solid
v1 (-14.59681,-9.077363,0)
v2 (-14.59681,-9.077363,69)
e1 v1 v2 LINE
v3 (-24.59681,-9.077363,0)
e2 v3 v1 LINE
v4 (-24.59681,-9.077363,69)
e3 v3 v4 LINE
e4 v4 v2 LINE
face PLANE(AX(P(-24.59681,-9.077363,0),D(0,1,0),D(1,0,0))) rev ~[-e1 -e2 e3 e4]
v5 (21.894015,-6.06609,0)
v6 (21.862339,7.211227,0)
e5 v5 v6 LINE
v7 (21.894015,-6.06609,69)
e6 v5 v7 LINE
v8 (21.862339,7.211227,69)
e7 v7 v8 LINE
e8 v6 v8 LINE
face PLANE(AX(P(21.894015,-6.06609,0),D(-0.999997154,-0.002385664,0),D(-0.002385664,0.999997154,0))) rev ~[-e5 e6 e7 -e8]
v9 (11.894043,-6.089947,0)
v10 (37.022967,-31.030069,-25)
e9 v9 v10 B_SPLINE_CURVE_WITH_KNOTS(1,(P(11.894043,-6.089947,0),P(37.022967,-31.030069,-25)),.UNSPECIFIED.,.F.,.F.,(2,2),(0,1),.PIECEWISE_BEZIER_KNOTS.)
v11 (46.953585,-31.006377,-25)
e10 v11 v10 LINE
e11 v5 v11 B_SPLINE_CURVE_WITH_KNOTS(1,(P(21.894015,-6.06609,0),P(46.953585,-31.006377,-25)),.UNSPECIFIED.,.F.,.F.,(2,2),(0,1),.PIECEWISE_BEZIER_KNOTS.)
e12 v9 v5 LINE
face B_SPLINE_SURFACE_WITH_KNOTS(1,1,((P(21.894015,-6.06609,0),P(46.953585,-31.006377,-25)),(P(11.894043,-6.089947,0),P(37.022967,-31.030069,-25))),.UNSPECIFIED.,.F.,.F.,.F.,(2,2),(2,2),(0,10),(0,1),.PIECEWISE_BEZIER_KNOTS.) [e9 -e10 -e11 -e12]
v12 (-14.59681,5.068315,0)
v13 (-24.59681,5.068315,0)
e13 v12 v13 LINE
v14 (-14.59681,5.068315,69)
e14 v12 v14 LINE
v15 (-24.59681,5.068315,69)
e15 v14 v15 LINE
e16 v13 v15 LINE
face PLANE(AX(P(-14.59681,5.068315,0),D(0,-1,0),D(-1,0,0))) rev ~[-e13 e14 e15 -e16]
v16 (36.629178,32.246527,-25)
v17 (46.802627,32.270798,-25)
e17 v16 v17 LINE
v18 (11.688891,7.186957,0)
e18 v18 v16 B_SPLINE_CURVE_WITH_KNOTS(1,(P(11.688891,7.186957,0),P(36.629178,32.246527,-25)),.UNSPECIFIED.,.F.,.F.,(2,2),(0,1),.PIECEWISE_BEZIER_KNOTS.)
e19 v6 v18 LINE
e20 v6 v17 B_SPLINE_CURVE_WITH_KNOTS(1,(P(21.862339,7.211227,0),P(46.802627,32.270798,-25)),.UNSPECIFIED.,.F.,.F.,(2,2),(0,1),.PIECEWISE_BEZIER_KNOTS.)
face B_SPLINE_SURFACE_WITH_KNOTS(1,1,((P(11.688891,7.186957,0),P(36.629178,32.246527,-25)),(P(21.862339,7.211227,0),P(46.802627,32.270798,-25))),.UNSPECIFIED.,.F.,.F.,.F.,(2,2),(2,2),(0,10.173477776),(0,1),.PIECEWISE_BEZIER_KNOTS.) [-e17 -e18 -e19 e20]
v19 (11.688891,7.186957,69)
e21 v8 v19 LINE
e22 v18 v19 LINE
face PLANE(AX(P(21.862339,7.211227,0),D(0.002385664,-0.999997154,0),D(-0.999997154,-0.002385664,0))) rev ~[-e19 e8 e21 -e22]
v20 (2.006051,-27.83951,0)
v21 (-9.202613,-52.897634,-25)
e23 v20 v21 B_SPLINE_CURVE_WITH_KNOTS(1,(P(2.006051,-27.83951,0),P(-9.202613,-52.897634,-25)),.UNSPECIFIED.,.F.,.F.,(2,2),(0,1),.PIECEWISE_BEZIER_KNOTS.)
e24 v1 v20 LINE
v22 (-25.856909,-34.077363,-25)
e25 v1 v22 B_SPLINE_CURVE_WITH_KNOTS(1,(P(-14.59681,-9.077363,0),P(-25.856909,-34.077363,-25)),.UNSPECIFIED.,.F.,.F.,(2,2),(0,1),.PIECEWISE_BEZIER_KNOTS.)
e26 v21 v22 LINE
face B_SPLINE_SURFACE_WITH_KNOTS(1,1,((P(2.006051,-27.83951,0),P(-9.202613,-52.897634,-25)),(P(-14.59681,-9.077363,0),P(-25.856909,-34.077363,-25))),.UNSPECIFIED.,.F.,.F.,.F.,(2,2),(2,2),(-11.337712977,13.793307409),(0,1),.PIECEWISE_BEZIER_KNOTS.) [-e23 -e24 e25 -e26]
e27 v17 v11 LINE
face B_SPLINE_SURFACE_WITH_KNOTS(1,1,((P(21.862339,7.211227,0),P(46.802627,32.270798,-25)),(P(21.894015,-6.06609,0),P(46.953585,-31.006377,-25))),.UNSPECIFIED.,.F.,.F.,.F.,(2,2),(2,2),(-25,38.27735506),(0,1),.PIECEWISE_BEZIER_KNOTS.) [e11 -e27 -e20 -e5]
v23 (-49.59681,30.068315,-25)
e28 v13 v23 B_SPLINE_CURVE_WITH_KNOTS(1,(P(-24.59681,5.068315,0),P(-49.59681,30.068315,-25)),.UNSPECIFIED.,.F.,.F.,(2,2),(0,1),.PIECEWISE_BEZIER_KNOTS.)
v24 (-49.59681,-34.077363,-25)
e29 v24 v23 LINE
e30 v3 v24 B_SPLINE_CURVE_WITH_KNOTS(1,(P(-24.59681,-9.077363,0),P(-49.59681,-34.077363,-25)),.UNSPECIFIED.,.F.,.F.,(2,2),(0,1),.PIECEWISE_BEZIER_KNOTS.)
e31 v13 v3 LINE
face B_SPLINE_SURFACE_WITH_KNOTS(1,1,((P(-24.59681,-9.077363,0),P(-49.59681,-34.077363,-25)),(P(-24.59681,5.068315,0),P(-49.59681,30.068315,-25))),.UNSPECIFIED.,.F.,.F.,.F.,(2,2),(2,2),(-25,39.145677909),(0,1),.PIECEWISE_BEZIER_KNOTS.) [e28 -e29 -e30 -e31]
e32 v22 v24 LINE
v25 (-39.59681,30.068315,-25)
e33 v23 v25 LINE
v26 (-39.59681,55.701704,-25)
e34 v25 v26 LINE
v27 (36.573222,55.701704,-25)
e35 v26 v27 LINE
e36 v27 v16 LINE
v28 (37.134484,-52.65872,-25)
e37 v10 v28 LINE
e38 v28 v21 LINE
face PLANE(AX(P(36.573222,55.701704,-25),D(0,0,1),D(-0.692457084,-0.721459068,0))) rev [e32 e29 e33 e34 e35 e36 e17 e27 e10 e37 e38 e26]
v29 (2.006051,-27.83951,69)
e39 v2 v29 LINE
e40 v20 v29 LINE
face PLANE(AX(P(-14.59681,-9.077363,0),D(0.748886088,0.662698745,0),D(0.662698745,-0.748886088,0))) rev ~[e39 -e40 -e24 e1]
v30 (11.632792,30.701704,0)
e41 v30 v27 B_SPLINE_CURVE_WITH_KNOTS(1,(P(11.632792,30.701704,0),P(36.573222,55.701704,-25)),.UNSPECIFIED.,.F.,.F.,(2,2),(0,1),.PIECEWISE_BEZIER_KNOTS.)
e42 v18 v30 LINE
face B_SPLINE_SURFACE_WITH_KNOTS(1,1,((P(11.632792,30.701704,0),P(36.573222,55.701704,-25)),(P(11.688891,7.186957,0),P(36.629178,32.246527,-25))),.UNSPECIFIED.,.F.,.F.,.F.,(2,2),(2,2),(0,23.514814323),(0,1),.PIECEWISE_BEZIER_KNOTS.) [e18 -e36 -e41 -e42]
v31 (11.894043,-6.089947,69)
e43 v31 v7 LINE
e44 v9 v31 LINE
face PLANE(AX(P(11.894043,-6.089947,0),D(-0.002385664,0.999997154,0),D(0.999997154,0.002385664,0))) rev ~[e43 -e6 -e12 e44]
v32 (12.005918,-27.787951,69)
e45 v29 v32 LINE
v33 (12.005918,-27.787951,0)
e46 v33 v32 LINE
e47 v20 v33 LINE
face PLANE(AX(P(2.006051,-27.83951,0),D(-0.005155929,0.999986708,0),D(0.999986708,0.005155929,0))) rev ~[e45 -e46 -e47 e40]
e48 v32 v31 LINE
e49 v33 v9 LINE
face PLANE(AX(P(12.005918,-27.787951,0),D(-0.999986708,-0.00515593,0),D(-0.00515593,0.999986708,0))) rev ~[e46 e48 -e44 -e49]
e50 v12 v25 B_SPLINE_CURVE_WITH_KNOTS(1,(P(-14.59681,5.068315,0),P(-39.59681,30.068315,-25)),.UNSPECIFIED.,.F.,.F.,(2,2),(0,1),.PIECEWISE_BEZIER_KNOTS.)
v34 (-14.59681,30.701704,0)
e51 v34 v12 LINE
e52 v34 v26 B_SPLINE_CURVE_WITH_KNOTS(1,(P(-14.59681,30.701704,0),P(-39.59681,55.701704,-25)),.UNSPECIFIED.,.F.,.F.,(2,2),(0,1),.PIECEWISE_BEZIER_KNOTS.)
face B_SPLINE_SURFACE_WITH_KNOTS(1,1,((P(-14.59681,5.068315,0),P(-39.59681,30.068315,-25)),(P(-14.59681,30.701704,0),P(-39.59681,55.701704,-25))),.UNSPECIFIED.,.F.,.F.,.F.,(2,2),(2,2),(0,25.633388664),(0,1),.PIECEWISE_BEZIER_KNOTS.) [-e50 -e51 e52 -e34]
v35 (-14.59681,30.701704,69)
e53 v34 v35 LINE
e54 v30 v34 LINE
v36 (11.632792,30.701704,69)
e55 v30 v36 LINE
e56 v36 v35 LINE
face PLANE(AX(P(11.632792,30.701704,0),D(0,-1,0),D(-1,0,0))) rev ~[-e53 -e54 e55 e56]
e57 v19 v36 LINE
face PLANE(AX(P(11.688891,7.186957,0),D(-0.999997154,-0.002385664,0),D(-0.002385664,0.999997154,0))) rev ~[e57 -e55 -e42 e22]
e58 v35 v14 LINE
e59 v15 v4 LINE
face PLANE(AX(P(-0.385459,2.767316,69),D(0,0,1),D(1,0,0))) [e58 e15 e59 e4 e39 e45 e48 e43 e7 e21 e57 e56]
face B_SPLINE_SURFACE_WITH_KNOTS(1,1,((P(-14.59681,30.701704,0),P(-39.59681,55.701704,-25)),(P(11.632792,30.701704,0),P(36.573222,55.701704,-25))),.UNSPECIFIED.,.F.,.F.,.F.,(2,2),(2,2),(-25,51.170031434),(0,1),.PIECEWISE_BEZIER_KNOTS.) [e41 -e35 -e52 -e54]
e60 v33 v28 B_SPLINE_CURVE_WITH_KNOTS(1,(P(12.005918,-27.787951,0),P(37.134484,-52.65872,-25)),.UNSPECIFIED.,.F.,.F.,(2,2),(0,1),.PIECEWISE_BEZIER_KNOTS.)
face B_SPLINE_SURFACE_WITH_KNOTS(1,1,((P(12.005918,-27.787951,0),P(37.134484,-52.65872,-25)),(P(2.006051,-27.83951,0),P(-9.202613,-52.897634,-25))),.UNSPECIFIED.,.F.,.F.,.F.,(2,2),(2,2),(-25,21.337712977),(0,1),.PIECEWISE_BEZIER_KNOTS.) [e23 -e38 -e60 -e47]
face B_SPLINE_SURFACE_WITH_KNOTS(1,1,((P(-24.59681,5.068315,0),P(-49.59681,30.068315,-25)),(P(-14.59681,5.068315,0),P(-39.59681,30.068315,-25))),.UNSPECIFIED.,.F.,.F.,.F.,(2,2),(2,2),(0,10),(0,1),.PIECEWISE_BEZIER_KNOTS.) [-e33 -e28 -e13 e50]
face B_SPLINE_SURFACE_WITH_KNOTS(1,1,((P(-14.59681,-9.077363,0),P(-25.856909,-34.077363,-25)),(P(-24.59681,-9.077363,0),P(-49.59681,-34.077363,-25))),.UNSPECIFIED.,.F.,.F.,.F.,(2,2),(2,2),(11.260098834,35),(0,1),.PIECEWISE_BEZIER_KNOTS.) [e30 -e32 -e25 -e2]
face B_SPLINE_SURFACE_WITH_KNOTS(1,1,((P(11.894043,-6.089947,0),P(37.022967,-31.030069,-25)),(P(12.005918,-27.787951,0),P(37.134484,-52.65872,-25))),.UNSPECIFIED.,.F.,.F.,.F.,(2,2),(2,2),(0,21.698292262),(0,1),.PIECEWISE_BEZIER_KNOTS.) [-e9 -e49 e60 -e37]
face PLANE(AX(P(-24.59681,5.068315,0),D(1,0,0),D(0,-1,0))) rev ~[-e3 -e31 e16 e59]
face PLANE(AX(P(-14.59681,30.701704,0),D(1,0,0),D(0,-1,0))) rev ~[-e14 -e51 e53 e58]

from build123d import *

# Parameters (mm, degrees)
F1_DEPTH = 25
F4_DEPTH = 69
F5_DEPTH = 25
F5_TAPER = -45


with BuildPart() as f1:
    # F0 (on Front) → F1 (new body)
    with BuildSketch(Plane.XZ):
        Polygon((-37.9215627909, 0), (-25.2369977534, 0), (-4.096057266, -27.3510906845), (10.9668616205, -27.3510906845), (10.9668616205, 0), (20.2160235494, 0), (20.2160235494, 10.7026007026), (11.2311234698, 10.7026007026), (11.495385319, 24.444213137), (-26.5543982792, 25.1759399431), (-26.5543982792, 12.0239099488), (-37.9215627909, 12.0239099488), align=None)
    extrude(amount=F1_DEPTH)


with BuildPart() as f4:
    # F3 (on Top) → F4 (new body)
    with BuildSketch(Plane.XY):
        Polygon((-24.5968098739, -9.0773625368), (-14.5968098739, -9.0773625368), (2.0060510084, -27.8395099328), (12.0059180895, -27.7879506378), (11.8940432243, -6.0899467872), (21.8940147673, -6.0660901471), (21.8623394592, 7.2112271297), (11.6888906335, 7.1869566299), (11.6327921873, 30.701704037), (-14.5968098739, 30.701704037), (-14.5968098739, 5.0683153725), (-24.5968098739, 5.0683153725), align=None)
    extrude(amount=F4_DEPTH)

    # F4_face (on face) → F5 (join)
    with BuildSketch(Plane(origin=(-0.7630345516, 3.1523470062, 0), x_dir=(1, 0, 0), z_dir=(0, 0, -1))):
        Polygon((12.3958267389, -27.5493570308), (12.4519251851, -4.0346096237), (22.6253740108, -4.0588801235), (22.6570493189, 9.2184371533), (12.6570777759, 9.2422937934), (12.768952641, 30.940297644), (2.76908556, 30.991856939), (-13.8337753223, 12.229709543), (-23.8337753223, 12.229709543), (-23.8337753223, -1.9159683663), (-13.8337753223, -1.9159683663), (-13.8337753223, -27.5493570308), align=None)
    extrude(amount=F5_DEPTH, taper=F5_TAPER)


solid = f4.part
